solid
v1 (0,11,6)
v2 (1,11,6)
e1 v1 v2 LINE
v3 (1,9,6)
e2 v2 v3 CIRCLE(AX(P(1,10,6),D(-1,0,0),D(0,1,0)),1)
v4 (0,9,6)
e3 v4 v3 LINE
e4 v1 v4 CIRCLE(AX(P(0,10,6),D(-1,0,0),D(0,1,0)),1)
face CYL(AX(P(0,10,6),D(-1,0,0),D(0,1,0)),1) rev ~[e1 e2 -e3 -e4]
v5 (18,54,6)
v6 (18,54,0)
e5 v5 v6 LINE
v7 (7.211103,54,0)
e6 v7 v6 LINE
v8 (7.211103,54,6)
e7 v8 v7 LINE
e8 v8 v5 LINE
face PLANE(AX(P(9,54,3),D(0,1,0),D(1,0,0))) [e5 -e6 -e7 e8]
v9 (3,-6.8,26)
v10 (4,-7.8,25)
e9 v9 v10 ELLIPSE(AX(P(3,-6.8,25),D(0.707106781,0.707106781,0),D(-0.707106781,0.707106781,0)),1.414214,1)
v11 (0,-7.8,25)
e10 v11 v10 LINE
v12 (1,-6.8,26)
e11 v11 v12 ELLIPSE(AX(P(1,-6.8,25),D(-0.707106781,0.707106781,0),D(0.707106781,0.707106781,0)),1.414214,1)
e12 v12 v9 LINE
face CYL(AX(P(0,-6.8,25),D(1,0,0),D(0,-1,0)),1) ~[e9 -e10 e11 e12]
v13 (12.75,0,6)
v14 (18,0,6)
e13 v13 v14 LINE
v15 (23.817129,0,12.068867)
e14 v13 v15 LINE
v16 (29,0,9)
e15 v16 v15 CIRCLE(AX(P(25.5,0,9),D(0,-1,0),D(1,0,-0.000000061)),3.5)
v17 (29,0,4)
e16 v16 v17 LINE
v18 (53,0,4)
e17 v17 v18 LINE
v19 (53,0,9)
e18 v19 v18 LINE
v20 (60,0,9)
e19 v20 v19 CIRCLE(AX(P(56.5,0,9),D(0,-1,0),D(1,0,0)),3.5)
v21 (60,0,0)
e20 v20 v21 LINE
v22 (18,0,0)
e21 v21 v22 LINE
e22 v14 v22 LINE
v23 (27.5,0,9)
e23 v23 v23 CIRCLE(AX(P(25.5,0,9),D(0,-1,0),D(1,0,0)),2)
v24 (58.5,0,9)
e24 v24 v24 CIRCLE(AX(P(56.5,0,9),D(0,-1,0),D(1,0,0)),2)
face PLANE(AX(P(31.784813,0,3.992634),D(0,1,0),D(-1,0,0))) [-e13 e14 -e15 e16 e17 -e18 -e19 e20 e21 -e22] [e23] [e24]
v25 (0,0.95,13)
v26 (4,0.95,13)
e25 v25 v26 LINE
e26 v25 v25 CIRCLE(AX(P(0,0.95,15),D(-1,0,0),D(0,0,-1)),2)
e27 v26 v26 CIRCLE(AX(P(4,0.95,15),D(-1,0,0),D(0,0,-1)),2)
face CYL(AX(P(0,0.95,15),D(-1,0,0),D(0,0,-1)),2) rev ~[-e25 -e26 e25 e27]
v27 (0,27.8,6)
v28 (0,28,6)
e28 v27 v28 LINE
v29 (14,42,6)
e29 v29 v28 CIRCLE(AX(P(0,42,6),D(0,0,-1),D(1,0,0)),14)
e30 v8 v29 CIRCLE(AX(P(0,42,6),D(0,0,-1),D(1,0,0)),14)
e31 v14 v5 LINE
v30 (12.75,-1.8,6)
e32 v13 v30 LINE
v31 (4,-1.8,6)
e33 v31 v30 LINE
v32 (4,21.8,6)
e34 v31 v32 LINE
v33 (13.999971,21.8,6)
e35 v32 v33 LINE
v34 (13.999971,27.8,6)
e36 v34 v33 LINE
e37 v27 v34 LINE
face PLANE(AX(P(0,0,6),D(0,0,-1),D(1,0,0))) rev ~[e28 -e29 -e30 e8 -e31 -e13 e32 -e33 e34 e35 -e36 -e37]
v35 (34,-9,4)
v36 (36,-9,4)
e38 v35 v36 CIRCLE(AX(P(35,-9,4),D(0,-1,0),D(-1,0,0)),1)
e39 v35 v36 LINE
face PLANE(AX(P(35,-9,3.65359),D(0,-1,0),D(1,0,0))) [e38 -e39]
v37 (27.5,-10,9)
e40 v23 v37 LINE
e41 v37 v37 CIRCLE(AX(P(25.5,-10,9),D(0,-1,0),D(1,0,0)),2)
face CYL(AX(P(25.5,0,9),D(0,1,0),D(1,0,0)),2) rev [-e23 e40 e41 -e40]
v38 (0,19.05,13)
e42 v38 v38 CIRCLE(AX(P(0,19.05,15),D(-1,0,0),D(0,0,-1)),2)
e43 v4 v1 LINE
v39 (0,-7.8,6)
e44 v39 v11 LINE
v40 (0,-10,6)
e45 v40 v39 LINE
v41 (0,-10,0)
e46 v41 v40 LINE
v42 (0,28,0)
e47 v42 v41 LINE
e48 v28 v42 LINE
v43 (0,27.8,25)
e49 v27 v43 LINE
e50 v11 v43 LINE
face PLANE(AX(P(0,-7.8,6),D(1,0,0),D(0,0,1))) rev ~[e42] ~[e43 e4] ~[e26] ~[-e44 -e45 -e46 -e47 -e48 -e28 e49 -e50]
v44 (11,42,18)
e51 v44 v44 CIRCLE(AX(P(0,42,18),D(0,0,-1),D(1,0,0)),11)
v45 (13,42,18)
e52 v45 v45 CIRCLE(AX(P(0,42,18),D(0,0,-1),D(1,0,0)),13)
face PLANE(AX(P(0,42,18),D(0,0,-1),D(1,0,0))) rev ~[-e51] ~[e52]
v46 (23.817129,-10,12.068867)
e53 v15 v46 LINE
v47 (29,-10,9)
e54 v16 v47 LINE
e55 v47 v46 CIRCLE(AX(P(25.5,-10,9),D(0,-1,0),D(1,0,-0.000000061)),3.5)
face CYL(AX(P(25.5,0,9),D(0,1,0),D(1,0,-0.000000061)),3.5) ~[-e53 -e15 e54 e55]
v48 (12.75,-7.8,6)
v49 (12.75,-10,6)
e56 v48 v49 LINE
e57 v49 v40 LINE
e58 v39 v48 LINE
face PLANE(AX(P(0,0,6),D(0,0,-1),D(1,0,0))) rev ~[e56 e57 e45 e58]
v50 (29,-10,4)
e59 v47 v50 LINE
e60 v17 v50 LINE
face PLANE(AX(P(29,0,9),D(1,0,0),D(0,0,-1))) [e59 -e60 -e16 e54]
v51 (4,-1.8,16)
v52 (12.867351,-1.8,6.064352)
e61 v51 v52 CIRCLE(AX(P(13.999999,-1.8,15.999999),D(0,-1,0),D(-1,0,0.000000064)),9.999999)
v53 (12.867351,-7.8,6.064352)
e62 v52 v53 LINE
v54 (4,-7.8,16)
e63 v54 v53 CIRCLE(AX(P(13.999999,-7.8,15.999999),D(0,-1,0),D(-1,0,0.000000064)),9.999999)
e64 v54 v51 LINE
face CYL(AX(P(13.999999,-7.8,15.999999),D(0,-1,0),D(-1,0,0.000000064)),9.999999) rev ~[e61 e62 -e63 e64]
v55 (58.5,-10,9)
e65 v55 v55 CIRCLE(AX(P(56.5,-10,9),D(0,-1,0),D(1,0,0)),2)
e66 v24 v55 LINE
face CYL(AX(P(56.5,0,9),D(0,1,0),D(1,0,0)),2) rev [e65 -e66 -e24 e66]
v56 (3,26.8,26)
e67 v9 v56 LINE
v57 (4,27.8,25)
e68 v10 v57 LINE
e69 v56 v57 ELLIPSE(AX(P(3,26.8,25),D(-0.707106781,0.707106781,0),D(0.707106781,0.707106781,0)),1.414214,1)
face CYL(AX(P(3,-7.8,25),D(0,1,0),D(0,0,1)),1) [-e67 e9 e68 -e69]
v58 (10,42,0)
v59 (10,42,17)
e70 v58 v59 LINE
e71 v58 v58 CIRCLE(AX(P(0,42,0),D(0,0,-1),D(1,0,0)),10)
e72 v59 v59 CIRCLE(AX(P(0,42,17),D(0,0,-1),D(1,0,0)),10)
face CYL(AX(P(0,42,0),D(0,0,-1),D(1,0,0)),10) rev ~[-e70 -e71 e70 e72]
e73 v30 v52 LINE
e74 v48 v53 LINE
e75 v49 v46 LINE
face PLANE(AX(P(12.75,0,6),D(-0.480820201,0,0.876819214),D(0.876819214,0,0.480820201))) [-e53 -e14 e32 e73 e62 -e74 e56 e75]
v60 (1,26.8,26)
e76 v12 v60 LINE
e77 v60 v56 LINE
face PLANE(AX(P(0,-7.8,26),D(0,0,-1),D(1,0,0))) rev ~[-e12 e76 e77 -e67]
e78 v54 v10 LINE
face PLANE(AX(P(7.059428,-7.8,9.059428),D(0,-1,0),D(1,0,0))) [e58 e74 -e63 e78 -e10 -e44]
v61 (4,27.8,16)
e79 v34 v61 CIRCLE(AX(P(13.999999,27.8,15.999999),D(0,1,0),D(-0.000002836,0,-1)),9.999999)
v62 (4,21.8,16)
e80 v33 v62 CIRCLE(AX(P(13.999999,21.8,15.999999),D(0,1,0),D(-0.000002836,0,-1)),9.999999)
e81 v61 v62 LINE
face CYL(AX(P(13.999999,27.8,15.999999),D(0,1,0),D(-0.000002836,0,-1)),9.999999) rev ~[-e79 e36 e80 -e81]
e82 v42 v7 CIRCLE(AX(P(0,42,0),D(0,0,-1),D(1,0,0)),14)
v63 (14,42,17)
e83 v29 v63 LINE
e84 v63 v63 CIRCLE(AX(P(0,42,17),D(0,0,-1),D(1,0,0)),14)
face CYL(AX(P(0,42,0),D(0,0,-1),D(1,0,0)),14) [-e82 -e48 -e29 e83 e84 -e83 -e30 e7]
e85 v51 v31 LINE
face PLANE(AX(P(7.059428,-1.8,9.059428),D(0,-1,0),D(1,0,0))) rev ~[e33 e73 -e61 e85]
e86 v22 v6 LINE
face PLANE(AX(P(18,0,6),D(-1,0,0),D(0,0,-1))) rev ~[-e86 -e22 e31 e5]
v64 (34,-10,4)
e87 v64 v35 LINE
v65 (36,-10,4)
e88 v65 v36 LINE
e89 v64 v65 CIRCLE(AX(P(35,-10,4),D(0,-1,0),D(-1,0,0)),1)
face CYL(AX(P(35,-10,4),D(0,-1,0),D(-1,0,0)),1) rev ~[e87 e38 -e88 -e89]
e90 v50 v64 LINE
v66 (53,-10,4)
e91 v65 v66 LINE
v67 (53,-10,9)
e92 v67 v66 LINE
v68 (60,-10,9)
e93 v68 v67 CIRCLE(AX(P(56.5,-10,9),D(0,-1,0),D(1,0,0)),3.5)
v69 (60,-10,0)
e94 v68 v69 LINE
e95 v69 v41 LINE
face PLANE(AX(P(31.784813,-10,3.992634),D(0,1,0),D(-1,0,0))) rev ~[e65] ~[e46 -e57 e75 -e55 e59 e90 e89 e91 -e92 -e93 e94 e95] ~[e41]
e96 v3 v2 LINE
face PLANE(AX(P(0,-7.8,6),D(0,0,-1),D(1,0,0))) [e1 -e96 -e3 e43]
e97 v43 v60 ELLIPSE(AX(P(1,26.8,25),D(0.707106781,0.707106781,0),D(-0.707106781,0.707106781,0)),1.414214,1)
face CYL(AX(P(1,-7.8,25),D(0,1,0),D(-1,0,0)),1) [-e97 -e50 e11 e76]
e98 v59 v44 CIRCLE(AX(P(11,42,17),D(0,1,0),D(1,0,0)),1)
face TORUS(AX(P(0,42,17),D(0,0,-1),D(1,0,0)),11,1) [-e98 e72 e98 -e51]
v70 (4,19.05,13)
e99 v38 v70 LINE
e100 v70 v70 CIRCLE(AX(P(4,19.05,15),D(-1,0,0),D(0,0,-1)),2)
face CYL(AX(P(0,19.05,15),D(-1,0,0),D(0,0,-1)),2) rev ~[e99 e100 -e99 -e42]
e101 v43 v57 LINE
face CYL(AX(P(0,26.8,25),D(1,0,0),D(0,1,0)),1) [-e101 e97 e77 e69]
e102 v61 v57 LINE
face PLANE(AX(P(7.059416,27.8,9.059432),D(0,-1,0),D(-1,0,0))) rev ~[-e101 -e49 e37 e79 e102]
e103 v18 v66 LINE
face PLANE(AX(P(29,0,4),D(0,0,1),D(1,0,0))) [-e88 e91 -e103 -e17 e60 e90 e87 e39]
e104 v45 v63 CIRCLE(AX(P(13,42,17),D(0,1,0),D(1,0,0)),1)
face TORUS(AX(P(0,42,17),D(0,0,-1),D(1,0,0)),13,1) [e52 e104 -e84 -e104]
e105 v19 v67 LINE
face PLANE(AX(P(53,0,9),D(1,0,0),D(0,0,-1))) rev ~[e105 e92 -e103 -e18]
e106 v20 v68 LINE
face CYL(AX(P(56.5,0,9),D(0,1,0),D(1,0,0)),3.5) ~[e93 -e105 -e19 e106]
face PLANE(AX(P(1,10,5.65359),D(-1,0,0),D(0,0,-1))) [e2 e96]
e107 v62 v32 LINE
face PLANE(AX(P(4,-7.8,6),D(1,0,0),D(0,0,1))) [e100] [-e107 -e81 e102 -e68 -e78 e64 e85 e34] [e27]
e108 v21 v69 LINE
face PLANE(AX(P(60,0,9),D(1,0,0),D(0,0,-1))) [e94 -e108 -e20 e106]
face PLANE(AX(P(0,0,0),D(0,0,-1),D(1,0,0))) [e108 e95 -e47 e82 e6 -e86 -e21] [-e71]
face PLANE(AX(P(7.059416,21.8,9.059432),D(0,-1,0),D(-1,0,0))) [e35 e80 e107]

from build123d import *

# Parameters (mm, degrees)
SKETCH_R        = 2
PAD_DEPTH       = 10
POCKET004_DEPTH = 1
SKETCH002_W     = 18
SKETCH002_H     = 6
PAD002_DEPTH    = 54
POCKET005_DEPTH = 1
SKETCH003_R     = 14
PAD003_DEPTH    = 18
SKETCH004_R     = 10
POCKET_DEPTH    = 18.001
SKETCH001_W     = 4
SKETCH001_H     = 20
PAD001_DEPTH    = 35.6
SKETCH005_R     = 2
POCKET001_DEPTH = 4
SKETCH006_R     = 2
POCKET002_DEPTH = 4
PAD004_DEPTH    = 6
PAD005_DEPTH    = 6
FILLET_R        = 1


with BuildPart() as part:
    # Sketch → Pad (new body)
    with BuildSketch(Plane.XZ):
        with BuildLine():
            Line((60, 0), (0, 0))
            Line((0, 0), (0, 6))
            Line((12.75, 6), (0, 6))
            Line((12.75, 6), (23.817129, 12.068867))
            ThreePointArc((29, 9), (27.283249, 12.011648), (23.817129, 12.068867))
            Line((29, 9), (29, 4))
            Line((29, 4), (53, 4))
            Line((53, 9), (53, 4))
            ThreePointArc((60, 9), (56.5, 12.5), (53, 9))
            Line((60, 9), (60, 0))
        make_face()
        with Locations((56.5, 9)):
            Circle(SKETCH_R, mode=Mode.SUBTRACT)
        with Locations((25.5, 9)):
            Circle(SKETCH_R, mode=Mode.SUBTRACT)
    extrude(amount=PAD_DEPTH)

    # Sketch007 (on Face14 of Pad) → Pocket004 (cut)
    with BuildSketch(Plane.XZ.offset(10)):
        with BuildLine():
            ThreePointArc((34, 4), (35, 3), (36, 4))
            Line((34, 4), (36, 4))
        make_face()
    extrude(amount=-POCKET004_DEPTH, mode=Mode.SUBTRACT)

    # Sketch002 (on Face13 of Pad) → Pad002 (join)
    with BuildSketch(Plane(origin=(0, 0, 0), x_dir=(1, 0, 0), z_dir=(0, 1, 0))):
        with Locations((9, -3)):
            Rectangle(SKETCH002_W, SKETCH002_H)
    extrude(amount=PAD002_DEPTH)

    # Sketch008 (on Face19 of Pad002) → Pocket005 (cut)
    with BuildSketch(Plane(origin=(0, 0, 0), x_dir=(0, 0, -1), z_dir=(-1, 0, 0))):
        with BuildLine():
            Line((-6, -9), (-6, -11))
            ThreePointArc((-6, -11), (-5, -10), (-6, -9))
        make_face()
    extrude(amount=-POCKET005_DEPTH, mode=Mode.SUBTRACT)

    # Sketch003 (on Face21 of Pad002) → Pad003 (join)
    with BuildSketch(Plane(origin=(0, 0, 0), x_dir=(1, 0, 0), z_dir=(0, 0, -1))):
        with Locations((0, -42)):
            Circle(SKETCH003_R)
    extrude(amount=-PAD003_DEPTH)

    # Sketch004 (on Face21 of Pad002) → Pocket (cut, through all)
    with BuildSketch(Plane(origin=(0, 0, 0), x_dir=(1, 0, 0), z_dir=(0, 0, -1))):
        with Locations((0, -42)):
            Circle(SKETCH004_R)
    extrude(amount=-POCKET_DEPTH, mode=Mode.SUBTRACT)

    # Sketch001 (on Face14 of Pad) → Pad001 (join)
    with BuildSketch(Plane.XZ.offset(7.8)):
        with Locations((2, 16)):
            Rectangle(SKETCH001_W, SKETCH001_H)
    extrude(amount=-PAD001_DEPTH)

    # Sketch005 (on Face26 of Pad001) → Pocket001 (cut)
    with BuildSketch(Plane(origin=(0, 0, 0), x_dir=(0, 0, -1), z_dir=(-1, 0, 0))):
        with Locations((-15, -0.95)):
            Circle(SKETCH005_R)
    extrude(amount=-POCKET001_DEPTH, mode=Mode.SUBTRACT)

    # Sketch006 (on Face26 of Pad001) → Pocket002 (cut)
    with BuildSketch(Plane(origin=(0, 0, 0), x_dir=(0, 0, -1), z_dir=(-1, 0, 0))):
        with Locations((-15, -19.05)):
            Circle(SKETCH006_R)
    extrude(amount=-POCKET002_DEPTH, mode=Mode.SUBTRACT)

    # Sketch009 (on Face25 of Pad001) → Pad004 (join)
    with BuildSketch(Plane.XZ.offset(7.8)):
        with BuildLine():
            Line((4, 16), (4, 6))
            Line((4, 6), (14, 6))
            ThreePointArc((4, 16), (6.928932, 8.928932), (14, 6))
        make_face()
    extrude(amount=-PAD004_DEPTH)

    # Sketch010 (on Face20 of Pad001) → Pad005 (join)
    with BuildSketch(Plane(origin=(0, 27.8, 0), x_dir=(1, 0, 0), z_dir=(0, 1, 0))):
        with BuildLine():
            Line((4, -16), (4, -6))
            Line((4, -6), (13.999971, -6))
            ThreePointArc((13.999971, -6), (6.928922, -8.928942), (4, -16))
        make_face()
    extrude(amount=-PAD005_DEPTH)

    # Fillet
    fillet_edges = [part.edges().sort_by_distance(p)[0] for p in [
        (4, 10, 26),
        (0, 10, 26),
        (2, -7.8, 26),
        (2, 27.8, 26),
        (-14, 42, 18),
        (-10, 42, 18),
    ]]
    fillet(fillet_edges, radius=FILLET_R)


solid = part.part
